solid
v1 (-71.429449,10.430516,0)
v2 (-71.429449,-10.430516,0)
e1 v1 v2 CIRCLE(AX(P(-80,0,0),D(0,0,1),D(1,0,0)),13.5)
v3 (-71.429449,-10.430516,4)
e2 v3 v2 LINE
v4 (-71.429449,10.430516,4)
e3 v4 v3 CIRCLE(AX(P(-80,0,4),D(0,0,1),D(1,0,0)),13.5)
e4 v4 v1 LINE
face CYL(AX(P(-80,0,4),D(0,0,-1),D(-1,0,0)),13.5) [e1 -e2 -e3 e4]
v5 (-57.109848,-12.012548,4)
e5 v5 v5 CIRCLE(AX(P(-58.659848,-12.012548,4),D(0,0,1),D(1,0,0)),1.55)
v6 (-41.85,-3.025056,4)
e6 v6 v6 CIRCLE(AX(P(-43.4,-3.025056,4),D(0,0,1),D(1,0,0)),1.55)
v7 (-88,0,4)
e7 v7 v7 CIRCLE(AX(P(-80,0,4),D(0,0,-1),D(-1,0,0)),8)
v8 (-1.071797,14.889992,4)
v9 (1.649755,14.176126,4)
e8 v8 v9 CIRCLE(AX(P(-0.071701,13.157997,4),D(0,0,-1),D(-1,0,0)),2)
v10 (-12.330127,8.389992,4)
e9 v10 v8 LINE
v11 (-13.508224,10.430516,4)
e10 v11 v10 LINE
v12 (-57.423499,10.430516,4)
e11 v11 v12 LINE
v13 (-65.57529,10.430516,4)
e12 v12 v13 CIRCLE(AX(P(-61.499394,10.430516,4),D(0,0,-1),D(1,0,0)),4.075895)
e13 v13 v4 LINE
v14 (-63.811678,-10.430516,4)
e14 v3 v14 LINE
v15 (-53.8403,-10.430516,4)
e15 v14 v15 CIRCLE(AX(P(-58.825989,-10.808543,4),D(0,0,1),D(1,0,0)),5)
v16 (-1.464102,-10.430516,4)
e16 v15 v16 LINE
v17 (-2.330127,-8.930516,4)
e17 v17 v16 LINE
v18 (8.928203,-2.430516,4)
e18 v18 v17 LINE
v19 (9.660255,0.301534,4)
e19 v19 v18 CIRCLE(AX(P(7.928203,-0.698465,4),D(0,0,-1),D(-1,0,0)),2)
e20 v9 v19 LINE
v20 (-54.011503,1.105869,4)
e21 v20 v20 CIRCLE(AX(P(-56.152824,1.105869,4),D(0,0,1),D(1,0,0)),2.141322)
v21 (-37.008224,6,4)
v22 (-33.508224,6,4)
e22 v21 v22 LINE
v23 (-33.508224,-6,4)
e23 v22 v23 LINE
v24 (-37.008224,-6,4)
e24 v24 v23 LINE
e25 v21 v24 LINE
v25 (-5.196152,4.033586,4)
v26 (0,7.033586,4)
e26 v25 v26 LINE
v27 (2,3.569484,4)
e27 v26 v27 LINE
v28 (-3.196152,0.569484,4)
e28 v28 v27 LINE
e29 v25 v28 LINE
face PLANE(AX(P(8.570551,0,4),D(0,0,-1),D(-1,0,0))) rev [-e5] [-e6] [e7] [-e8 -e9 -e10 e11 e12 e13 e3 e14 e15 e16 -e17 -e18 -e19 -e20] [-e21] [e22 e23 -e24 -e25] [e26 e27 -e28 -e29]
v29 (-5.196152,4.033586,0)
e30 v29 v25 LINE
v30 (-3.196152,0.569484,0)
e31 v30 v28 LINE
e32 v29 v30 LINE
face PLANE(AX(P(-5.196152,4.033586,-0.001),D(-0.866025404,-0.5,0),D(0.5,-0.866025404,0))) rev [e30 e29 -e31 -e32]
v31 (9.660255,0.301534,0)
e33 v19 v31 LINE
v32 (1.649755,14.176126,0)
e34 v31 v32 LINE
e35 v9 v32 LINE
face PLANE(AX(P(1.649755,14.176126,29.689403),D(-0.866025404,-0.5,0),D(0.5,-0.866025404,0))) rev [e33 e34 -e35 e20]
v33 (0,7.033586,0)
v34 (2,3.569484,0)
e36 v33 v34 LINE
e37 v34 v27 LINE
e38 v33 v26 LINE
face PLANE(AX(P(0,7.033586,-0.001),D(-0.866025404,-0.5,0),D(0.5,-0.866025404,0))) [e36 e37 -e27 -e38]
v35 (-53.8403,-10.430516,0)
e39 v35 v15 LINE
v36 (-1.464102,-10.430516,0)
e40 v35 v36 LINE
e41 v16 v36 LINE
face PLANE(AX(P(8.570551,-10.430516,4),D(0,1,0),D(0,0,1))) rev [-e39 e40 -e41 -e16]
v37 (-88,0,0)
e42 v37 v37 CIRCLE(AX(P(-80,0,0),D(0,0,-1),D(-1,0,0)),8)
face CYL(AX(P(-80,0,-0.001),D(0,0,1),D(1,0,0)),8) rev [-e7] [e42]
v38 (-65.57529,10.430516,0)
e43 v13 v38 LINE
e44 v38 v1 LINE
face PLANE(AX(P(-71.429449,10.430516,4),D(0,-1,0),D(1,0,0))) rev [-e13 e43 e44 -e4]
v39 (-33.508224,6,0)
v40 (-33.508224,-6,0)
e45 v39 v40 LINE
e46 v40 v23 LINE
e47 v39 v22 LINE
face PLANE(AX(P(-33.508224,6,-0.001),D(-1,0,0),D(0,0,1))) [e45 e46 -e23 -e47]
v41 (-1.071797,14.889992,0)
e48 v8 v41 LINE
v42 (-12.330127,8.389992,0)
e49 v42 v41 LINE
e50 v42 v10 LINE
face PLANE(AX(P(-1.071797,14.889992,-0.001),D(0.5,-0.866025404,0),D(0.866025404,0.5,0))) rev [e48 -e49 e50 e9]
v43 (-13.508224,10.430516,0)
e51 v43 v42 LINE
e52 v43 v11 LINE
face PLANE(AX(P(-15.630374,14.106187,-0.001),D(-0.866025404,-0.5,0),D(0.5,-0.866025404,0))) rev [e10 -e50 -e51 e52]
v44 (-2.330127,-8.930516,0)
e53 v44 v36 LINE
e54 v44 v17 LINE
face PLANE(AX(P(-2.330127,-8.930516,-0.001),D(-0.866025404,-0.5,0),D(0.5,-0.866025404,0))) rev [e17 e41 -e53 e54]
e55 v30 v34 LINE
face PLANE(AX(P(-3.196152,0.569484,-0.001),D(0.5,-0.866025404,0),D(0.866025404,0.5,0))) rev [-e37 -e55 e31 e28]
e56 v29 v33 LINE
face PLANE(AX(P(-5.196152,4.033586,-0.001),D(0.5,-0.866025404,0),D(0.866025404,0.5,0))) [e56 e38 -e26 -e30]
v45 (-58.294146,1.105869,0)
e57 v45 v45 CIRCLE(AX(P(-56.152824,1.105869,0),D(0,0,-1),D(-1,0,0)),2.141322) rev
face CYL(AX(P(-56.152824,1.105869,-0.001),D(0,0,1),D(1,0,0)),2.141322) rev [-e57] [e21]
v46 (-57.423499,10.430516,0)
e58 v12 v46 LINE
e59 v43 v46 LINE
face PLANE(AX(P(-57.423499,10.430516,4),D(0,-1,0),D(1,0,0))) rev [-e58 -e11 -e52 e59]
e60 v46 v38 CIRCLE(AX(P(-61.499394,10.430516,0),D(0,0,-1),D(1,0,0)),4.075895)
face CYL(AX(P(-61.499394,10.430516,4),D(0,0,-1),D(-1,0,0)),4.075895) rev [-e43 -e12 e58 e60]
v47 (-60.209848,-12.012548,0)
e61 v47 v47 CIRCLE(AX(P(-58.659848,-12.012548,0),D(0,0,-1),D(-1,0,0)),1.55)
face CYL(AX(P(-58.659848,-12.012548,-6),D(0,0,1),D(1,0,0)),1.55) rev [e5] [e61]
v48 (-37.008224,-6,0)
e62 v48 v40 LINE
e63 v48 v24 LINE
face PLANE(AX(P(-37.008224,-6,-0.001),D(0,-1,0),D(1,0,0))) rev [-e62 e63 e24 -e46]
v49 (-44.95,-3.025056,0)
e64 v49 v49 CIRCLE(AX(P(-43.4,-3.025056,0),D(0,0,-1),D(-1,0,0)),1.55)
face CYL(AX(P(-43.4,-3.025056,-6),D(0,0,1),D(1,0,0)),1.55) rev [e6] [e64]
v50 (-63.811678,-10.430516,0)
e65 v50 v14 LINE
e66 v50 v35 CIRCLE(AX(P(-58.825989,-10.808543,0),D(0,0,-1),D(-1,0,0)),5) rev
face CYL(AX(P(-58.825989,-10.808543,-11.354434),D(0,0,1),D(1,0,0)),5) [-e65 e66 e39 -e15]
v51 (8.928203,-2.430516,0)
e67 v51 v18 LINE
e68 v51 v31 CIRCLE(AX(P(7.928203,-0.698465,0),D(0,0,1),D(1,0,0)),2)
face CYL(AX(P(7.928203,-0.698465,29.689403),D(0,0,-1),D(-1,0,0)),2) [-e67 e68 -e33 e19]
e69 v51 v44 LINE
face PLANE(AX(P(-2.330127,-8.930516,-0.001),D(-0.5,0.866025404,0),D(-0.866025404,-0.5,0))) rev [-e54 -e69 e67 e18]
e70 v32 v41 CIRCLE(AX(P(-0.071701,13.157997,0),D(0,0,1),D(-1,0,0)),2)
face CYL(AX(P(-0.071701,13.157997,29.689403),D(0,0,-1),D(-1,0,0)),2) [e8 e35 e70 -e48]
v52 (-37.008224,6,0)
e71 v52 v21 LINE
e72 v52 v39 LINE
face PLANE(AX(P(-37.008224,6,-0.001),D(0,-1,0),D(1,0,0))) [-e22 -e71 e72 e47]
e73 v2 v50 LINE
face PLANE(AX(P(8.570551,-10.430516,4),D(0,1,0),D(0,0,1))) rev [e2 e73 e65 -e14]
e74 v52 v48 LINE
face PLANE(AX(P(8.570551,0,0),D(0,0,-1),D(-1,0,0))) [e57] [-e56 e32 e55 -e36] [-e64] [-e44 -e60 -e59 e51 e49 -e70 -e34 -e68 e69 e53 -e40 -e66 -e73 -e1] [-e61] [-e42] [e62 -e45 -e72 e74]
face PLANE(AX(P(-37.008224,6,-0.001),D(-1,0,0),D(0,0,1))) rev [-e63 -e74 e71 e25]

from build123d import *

# Parameters (mm, degrees)
AUFSATZ_LINEAR_AUSTRAGEN1_DEPTH = 4
SCHNITT_LINEAR_AUSTRAGEN1_REACH = 6
SKIZZE2_R                       = 8
SKIZZE2_R_2                     = 2.141321697
SCHNITT_LINEAR_START            = -4
SCHNITT_LINEAR_AUSTRAGEN2_DEPTH = 4
AUFSATZ_LINEAR_AUSTRAGEN3_DEPTH = 4
SCHNITT_LINEAR_AUSTRAGEN3_REACH = 6
SKIZZE5_W                       = 3.5
SKIZZE5_H                       = 12
AUFSATZ_LINEAR_AUSTRAGEN4_DEPTH = 4
SKIZZE7_R                       = 1.55
SCHNITT_LINEAR_AUSTRAGEN4_DEPTH = 10


with BuildPart() as part:
    # Skizze1 → Aufsatz-Linear austragen1 (new body)
    with BuildSketch(Plane.XY):
        with BuildLine():
            Line((8.570550732, -10.430515814), (-71.429449268, -10.430515814))
            ThreePointArc((-71.429449268, -10.430515814), (-93.5, 0), (-71.429449268, 10.430515814))
            Line((-71.429449268, 10.430515814), (-65.575289804, 10.430515814))
            ThreePointArc((-65.575289804, 10.430515814), (-61.49939442, 6.35462043), (-57.423499036, 10.430515814))
            Line((-57.423499036, 10.430515814), (8.570550732, 10.430515814))
            ThreePointArc((8.570550732, 10.430515814), (19.001066546, 0), (8.570550732, -10.430515814))
        make_face()
    extrude(amount=AUFSATZ_LINEAR_AUSTRAGEN1_DEPTH)

    # Skizze2 → Schnitt-Linear austragen1 (cut, up to next)
    with BuildSketch(Plane.XY.offset(4), mode=Mode.PRIVATE) as schnitt_linear_austragen1_sk1:
        with Locations((-80, 0)):
            Circle(SKIZZE2_R)
    schnitt_linear_austragen1_tool1 = extrude(schnitt_linear_austragen1_sk1.sketch, amount=-SCHNITT_LINEAR_AUSTRAGEN1_REACH, mode=Mode.PRIVATE) & part.part
    add(schnitt_linear_austragen1_tool1.solids().sort_by_distance((-80, 0, 4))[0], mode=Mode.SUBTRACT)
    # Skizze2 → Schnitt-Linear austragen1 (cut, up to next)
    with BuildSketch(Plane.XY.offset(4), mode=Mode.PRIVATE) as schnitt_linear_austragen1_sk2:
        with Locations((-56.152824314, 1.105869461)):
            Circle(SKIZZE2_R_2)
    schnitt_linear_austragen1_tool2 = extrude(schnitt_linear_austragen1_sk2.sketch, amount=-SCHNITT_LINEAR_AUSTRAGEN1_REACH, mode=Mode.PRIVATE) & part.part
    add(schnitt_linear_austragen1_tool2.solids().sort_by_distance((-56.152824, 1.105869, 4))[0], mode=Mode.SUBTRACT)
    # Skizze2 → Schnitt-Linear austragen1 (cut, up to next)
    with BuildSketch(Plane.XY.offset(4), mode=Mode.PRIVATE) as schnitt_linear_austragen1_sk3:
        Polygon((-5.196152423, 4.033585801), (0, 7.033585801), (2, 3.569484186), (-3.196152423, 0.569484186), align=None)
    schnitt_linear_austragen1_tool3 = extrude(schnitt_linear_austragen1_sk3.sketch, amount=-SCHNITT_LINEAR_AUSTRAGEN1_REACH, mode=Mode.PRIVATE) & part.part
    add(schnitt_linear_austragen1_tool3.solids().sort_by_distance((-1.598076, 3.801535, 4))[0], mode=Mode.SUBTRACT)

    # Skizze3 → Schnitt-Linear austragen2 (cut)
    with BuildSketch(Plane.XY.offset(4).offset(SCHNITT_LINEAR_START)):
        Polygon((12.98673942, 30.628285162), (33.019811303, -4.070013171), (4.402698179, -20.592111136), (-2.330127019, -8.930515814), (8.92820323, -2.430515814), (-1.07179677, 14.889992262), (-12.330127019, 8.389992262), (-15.630373703, 14.106187196), align=None)
    extrude(amount=SCHNITT_LINEAR_AUSTRAGEN2_DEPTH, mode=Mode.SUBTRACT)

    # Skizze4 → Aufsatz-Linear austragen3 (add)
    with BuildSketch(Plane.XY):
        with BuildLine():
            Line((-8.795836552, 10.430515814), (-1.07179677, 14.889992262))
            ThreePointArc((-1.07179677, 14.889992262), (0.435735022, 15.092552947), (1.649755119, 14.176126114))
            Line((1.649755119, 14.176126114), (9.66025479, 0.301533691))
            ThreePointArc((9.66025479, 0.301533691), (9.860054688, -1.216103823), (8.92820323, -2.430515814))
            Line((8.92820323, -2.430515814), (1.502883158, 10.430515814))
            Line((1.502883158, 10.430515814), (-8.795836552, 10.430515814))
        make_face()
    extrude(amount=AUFSATZ_LINEAR_AUSTRAGEN3_DEPTH)

    # Skizze5 → Schnitt-Linear austragen3 (cut, up to next)
    with BuildSketch(Plane.XY.offset(4), mode=Mode.PRIVATE) as schnitt_linear_austragen3_sk1:
        with Locations((-35.258223841, 0)):
            Rectangle(SKIZZE5_W, SKIZZE5_H)
    schnitt_linear_austragen3_tool1 = extrude(schnitt_linear_austragen3_sk1.sketch, amount=-SCHNITT_LINEAR_AUSTRAGEN3_REACH, mode=Mode.PRIVATE) & part.part
    add(schnitt_linear_austragen3_tool1.solids().sort_by_distance((-35.258224, 0, 4))[0], mode=Mode.SUBTRACT)

    # Skizze6 → Aufsatz-Linear austragen4 (add)
    with BuildSketch(Plane.XY.offset(4)):
        with BuildLine():
            Line((-63.811678178, -10.430515814), (-53.840299994, -10.430515814))
            ThreePointArc((-53.840299994, -10.430515814), (-58.825989086, -15.808542635), (-63.811678178, -10.430515814))
        make_face()
    extrude(amount=-AUFSATZ_LINEAR_AUSTRAGEN4_DEPTH)

    # Skizze7 → Schnitt-Linear austragen4 (cut)
    with BuildSketch(Plane.XY.offset(4)):
        with Locations((-58.659847502, -12.012547734)):
            Circle(SKIZZE7_R)
        with Locations((-43.4, -3.025056359)):
            Circle(SKIZZE7_R)
    extrude(amount=-SCHNITT_LINEAR_AUSTRAGEN4_DEPTH, mode=Mode.SUBTRACT)


solid = part.part
